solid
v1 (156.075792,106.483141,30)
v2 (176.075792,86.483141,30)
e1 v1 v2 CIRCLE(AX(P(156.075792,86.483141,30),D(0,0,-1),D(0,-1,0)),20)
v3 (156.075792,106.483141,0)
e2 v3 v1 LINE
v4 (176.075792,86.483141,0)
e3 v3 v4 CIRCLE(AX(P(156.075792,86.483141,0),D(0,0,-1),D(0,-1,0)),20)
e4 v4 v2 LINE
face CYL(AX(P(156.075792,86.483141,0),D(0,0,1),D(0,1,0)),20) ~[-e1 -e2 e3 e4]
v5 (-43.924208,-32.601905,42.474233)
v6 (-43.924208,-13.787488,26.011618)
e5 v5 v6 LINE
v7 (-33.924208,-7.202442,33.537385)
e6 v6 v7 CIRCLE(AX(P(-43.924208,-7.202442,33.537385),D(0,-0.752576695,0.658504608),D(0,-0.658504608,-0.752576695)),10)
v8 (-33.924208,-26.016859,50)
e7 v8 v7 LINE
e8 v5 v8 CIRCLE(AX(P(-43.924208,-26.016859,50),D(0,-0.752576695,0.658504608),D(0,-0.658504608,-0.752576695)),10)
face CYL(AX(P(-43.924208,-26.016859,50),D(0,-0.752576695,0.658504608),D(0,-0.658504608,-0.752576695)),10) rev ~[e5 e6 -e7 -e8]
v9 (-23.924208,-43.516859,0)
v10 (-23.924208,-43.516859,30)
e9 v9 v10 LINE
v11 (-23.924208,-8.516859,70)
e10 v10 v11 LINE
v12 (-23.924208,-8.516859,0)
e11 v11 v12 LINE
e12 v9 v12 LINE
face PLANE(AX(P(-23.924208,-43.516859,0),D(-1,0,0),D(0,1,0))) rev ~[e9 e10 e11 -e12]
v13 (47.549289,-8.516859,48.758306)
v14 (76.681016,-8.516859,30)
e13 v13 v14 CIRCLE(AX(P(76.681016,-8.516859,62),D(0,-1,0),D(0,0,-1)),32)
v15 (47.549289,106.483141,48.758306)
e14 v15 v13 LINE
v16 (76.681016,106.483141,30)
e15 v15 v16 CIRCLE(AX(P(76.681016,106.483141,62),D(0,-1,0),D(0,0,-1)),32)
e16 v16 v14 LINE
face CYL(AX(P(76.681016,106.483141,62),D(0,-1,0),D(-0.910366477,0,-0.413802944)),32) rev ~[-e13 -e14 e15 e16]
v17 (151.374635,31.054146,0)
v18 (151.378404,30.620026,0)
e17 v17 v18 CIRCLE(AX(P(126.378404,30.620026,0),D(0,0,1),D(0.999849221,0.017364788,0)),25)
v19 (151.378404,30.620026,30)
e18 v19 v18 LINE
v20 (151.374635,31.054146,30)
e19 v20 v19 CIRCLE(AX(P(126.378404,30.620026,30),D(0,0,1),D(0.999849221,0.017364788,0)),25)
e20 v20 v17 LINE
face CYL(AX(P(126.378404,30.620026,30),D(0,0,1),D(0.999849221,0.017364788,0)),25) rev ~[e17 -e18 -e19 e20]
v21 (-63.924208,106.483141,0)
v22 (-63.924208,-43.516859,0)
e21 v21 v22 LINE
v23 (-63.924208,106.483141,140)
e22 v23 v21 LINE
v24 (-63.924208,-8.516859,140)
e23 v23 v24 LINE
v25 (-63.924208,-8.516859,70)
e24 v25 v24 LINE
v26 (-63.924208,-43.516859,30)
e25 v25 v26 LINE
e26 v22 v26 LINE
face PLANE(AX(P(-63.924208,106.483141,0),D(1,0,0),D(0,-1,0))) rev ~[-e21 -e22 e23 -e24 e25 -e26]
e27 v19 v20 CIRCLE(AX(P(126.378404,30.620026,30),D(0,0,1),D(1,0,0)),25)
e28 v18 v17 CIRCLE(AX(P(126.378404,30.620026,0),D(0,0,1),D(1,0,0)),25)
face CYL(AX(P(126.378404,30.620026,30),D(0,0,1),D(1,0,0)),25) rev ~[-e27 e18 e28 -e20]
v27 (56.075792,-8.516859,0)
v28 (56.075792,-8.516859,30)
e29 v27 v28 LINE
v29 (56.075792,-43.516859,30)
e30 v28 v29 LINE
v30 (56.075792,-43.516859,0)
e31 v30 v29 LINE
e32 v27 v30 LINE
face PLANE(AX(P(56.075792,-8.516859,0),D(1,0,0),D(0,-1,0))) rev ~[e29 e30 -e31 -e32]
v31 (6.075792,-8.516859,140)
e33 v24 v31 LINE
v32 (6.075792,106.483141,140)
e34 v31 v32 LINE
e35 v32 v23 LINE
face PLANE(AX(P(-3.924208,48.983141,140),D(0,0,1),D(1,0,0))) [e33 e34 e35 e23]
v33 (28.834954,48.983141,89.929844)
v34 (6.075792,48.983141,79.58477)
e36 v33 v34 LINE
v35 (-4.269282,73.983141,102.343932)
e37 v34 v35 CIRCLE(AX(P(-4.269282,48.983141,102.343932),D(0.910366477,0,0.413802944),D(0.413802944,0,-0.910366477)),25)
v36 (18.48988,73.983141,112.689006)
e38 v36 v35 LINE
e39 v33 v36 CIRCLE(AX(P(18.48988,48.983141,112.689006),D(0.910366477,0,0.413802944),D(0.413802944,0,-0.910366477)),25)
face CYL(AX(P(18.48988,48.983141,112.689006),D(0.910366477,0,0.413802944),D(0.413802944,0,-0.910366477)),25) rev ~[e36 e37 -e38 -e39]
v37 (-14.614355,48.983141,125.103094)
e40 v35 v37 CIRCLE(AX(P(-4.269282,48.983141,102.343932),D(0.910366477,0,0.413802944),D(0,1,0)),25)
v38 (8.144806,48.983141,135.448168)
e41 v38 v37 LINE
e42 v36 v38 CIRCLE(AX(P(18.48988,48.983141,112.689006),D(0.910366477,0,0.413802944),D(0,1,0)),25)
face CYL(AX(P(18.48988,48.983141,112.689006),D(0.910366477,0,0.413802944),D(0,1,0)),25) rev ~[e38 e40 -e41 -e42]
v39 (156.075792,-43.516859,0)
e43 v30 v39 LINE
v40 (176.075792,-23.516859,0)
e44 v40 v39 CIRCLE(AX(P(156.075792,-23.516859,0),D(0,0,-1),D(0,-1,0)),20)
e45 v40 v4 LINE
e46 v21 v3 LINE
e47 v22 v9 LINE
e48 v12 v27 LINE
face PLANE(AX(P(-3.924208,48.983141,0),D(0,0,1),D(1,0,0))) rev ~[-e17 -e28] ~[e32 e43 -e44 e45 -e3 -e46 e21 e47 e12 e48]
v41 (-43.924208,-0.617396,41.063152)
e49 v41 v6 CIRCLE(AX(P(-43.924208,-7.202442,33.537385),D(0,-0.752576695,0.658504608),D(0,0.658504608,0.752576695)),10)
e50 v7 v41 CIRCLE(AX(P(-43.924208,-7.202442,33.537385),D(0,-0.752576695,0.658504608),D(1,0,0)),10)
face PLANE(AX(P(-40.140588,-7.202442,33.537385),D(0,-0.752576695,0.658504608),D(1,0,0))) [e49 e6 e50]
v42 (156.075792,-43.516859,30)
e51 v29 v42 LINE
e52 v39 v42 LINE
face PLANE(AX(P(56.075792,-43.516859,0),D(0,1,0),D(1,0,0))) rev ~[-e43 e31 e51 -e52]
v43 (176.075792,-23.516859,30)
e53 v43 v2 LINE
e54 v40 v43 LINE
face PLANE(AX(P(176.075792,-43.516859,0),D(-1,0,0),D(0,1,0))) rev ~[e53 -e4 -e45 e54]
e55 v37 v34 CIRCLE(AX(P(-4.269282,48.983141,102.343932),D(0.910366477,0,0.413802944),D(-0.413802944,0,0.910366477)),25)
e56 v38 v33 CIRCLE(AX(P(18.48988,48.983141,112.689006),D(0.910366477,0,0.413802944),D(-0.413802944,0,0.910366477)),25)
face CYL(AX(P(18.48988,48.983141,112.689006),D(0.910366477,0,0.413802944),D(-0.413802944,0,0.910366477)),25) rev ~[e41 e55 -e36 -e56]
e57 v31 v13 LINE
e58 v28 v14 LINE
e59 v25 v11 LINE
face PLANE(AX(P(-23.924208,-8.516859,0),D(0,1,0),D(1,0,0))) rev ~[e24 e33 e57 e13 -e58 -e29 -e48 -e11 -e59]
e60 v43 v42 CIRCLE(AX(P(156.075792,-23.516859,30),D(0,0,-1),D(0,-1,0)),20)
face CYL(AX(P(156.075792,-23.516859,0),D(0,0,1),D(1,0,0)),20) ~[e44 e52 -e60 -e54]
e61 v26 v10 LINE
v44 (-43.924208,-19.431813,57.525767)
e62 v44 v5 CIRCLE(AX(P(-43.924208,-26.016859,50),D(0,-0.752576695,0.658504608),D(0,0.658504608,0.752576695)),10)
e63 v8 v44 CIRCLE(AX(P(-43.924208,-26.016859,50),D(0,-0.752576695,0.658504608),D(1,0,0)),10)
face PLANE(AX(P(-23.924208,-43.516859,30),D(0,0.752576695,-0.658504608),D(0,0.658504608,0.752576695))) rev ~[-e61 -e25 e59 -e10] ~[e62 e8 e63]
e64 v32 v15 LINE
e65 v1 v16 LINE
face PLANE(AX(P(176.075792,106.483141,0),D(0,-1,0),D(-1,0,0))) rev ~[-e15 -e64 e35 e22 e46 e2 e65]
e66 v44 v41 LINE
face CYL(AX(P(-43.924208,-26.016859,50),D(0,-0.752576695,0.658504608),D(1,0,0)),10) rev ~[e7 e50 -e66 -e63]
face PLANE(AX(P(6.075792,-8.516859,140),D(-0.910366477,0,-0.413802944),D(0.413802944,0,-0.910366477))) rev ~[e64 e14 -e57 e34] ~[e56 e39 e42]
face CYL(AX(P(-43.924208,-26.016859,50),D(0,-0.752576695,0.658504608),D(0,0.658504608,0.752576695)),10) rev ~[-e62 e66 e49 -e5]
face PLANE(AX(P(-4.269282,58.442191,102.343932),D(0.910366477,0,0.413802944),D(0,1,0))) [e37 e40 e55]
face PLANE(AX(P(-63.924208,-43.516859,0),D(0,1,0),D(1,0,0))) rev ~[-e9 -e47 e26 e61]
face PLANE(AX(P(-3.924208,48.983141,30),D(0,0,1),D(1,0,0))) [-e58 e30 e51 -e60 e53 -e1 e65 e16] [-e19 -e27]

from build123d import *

# Parameters (mm, degrees)
F0_W      = 40
F0_H      = 35
F1_DEPTH  = 30
F2_DEPTH  = 70
F4_DEPTH  = 96
F5_DEPTH  = 140
F8_DEPTH  = 248
F9_DEPTH  = 25
F10_R     = 32
F11_R     = 20
F13_DEPTH = 140
F15_DEPTH = 25


with BuildPart() as f1:
    # F0 (on Top) → F1 (new body)
    with BuildSketch(Plane.XY):
        Polygon((56.0757917166, 106.4831405878), (-63.9242082834, 106.4831405878), (-63.9242082834, -8.5168594122), (-23.9242082834, -8.5168594122), (56.0757917166, -8.5168594122), align=None)
        with Locations((-43.9242082834, -26.0168594122)):
            Rectangle(F0_W, F0_H)
        Polygon((176.0757917166, 106.4831405878), (56.0757917166, 106.4831405878), (56.0757917166, -8.5168594122), (56.0757917166, -43.5168594122), (176.0757917166, -43.5168594122), align=None)
    extrude(amount=F1_DEPTH)



with BuildPart() as f2:
    # F0 (on Top) → F2 (new body)
    with BuildSketch(Plane.XY):
        with Locations((-43.9242082834, -26.0168594122)):
            Rectangle(F0_W, F0_H)
    extrude(amount=F2_DEPTH)

    # F3 (on face) → F4 (cut)
    with BuildSketch(Plane.YZ.offset(-23.9242082834)):
        Polygon((-43.5168594122, 70), (-43.5168594122, 30), (-8.5168594122, 70), align=None)
    extrude(amount=-F4_DEPTH, mode=Mode.SUBTRACT)


with BuildPart() as f1_1:
    add(f1.part)

    add(f2.part)  # F5 merges F2
    # F0 (on Top) → F5 (join)
    with BuildSketch(Plane.XY):
        Polygon((56.0757917166, 106.4831405878), (-63.9242082834, 106.4831405878), (-63.9242082834, -8.5168594122), (-23.9242082834, -8.5168594122), (56.0757917166, -8.5168594122), align=None)
    extrude(amount=F5_DEPTH)

    # F7 (on face) → F8 (cut)
    with BuildSketch(Plane.XZ.offset(8.5168594122)):
        Polygon((6.0757917166, 140), (56.0757917166, 30), (56.0757917166, 140), align=None)
    extrude(amount=-F8_DEPTH, mode=Mode.SUBTRACT)

    # F6 (on face) → F9 (cut)
    with BuildSketch(Plane(origin=(0, -39.5139734724, 34.5747267883), x_dir=(1, 0, 0), z_dir=(0, -0.7525766947, 0.6585046079))):
        with BuildLine():
            ThreePointArc((-33.9242082834, 20.4966129301), (-36.8531404716, 27.567680742), (-43.9242082834, 30.4966129301))
            Line((-43.9242082834, 30.4966129301), (-43.9242082834, 10.4966129301))
            ThreePointArc((-43.9242082834, 10.4966129301), (-36.8531404716, 13.4255451183), (-33.9242082834, 20.4966129301))
        make_face()
        with BuildLine():
            Line((-43.9242082834, 10.4966129301), (-43.9242082834, 30.4966129301))
            ThreePointArc((-43.9242082834, 30.4966129301), (-53.9242082834, 20.4966129301), (-43.9242082834, 10.4966129301))
        make_face()
    extrude(amount=-F9_DEPTH, mode=Mode.SUBTRACT)

    # F10
    f10_edges = [f1_1.edges().sort_by_distance(p)[0] for p in [
        (56.075792, 48.983141, 30),
    ]]
    fillet(f10_edges, radius=F10_R)

    # F11
    f11_edges = [f1_1.edges().sort_by_distance(p)[0] for p in [
        (176.075792, 106.483141, 15),
        (176.075792, -43.516859, 15),
    ]]
    fillet(f11_edges, radius=F11_R)

    # F12 (on face) → F13 (cut)
    with BuildSketch(Plane.XY.offset(30)):
        with BuildLine():
            ThreePointArc((151.3784040418, 30.6200258434), (151.3774616534, 30.8370938767), (151.3746345593, 31.0541455451))
            Line((151.3746345593, 31.0541455451), (101.3821735243, 30.1859061416))
            ThreePointArc((101.3821735243, 30.1859061416), (126.5954720752, 5.6209682318), (151.3784040418, 30.6200258434))
        make_face()
        with BuildLine():
            Line((101.3821735243, 30.1859061416), (151.3746345593, 31.0541455451))
            ThreePointArc((151.3746345593, 31.0541455451), (125.9442843401, 55.6162563609), (101.3821735243, 30.1859061416))
        make_face()
    extrude(amount=-F13_DEPTH, mode=Mode.SUBTRACT)

    # F14 (on face) → F15 (cut)
    with BuildSketch(Plane(origin=(57.77514245, 0, 26.2614283864), x_dir=(0, 1, 0), z_dir=(0.9103664775, 0, 0.4138029443))):
        with BuildLine():
            Line((48.9831405878, 119.9371263435), (48.9831405878, 107.1728393435))
            Line((48.9831405878, 107.1728393435), (48.9831405878, 94.9371263435))
            Line((48.9831405878, 94.9371263435), (48.9831405878, 69.9371263435))
            ThreePointArc((48.9831405878, 69.9371263435), (66.6608101175, 77.2594568138), (73.9831405878, 94.9371263435))
            ThreePointArc((73.9831405878, 94.9371263435), (66.6608101175, 112.6147958731), (48.9831405878, 119.9371263435))
        make_face()
        with BuildLine():
            Line((48.9831405878, 94.9371263435), (48.9831405878, 107.1728393435))
            Line((48.9831405878, 107.1728393435), (48.9831405878, 119.9371263435))
            ThreePointArc((48.9831405878, 119.9371263435), (23.9831405878, 94.9371263435), (48.9831405878, 69.9371263435))
            Line((48.9831405878, 69.9371263435), (48.9831405878, 94.9371263435))
        make_face()
    extrude(amount=-F15_DEPTH, mode=Mode.SUBTRACT)


solid = f1_1.part
